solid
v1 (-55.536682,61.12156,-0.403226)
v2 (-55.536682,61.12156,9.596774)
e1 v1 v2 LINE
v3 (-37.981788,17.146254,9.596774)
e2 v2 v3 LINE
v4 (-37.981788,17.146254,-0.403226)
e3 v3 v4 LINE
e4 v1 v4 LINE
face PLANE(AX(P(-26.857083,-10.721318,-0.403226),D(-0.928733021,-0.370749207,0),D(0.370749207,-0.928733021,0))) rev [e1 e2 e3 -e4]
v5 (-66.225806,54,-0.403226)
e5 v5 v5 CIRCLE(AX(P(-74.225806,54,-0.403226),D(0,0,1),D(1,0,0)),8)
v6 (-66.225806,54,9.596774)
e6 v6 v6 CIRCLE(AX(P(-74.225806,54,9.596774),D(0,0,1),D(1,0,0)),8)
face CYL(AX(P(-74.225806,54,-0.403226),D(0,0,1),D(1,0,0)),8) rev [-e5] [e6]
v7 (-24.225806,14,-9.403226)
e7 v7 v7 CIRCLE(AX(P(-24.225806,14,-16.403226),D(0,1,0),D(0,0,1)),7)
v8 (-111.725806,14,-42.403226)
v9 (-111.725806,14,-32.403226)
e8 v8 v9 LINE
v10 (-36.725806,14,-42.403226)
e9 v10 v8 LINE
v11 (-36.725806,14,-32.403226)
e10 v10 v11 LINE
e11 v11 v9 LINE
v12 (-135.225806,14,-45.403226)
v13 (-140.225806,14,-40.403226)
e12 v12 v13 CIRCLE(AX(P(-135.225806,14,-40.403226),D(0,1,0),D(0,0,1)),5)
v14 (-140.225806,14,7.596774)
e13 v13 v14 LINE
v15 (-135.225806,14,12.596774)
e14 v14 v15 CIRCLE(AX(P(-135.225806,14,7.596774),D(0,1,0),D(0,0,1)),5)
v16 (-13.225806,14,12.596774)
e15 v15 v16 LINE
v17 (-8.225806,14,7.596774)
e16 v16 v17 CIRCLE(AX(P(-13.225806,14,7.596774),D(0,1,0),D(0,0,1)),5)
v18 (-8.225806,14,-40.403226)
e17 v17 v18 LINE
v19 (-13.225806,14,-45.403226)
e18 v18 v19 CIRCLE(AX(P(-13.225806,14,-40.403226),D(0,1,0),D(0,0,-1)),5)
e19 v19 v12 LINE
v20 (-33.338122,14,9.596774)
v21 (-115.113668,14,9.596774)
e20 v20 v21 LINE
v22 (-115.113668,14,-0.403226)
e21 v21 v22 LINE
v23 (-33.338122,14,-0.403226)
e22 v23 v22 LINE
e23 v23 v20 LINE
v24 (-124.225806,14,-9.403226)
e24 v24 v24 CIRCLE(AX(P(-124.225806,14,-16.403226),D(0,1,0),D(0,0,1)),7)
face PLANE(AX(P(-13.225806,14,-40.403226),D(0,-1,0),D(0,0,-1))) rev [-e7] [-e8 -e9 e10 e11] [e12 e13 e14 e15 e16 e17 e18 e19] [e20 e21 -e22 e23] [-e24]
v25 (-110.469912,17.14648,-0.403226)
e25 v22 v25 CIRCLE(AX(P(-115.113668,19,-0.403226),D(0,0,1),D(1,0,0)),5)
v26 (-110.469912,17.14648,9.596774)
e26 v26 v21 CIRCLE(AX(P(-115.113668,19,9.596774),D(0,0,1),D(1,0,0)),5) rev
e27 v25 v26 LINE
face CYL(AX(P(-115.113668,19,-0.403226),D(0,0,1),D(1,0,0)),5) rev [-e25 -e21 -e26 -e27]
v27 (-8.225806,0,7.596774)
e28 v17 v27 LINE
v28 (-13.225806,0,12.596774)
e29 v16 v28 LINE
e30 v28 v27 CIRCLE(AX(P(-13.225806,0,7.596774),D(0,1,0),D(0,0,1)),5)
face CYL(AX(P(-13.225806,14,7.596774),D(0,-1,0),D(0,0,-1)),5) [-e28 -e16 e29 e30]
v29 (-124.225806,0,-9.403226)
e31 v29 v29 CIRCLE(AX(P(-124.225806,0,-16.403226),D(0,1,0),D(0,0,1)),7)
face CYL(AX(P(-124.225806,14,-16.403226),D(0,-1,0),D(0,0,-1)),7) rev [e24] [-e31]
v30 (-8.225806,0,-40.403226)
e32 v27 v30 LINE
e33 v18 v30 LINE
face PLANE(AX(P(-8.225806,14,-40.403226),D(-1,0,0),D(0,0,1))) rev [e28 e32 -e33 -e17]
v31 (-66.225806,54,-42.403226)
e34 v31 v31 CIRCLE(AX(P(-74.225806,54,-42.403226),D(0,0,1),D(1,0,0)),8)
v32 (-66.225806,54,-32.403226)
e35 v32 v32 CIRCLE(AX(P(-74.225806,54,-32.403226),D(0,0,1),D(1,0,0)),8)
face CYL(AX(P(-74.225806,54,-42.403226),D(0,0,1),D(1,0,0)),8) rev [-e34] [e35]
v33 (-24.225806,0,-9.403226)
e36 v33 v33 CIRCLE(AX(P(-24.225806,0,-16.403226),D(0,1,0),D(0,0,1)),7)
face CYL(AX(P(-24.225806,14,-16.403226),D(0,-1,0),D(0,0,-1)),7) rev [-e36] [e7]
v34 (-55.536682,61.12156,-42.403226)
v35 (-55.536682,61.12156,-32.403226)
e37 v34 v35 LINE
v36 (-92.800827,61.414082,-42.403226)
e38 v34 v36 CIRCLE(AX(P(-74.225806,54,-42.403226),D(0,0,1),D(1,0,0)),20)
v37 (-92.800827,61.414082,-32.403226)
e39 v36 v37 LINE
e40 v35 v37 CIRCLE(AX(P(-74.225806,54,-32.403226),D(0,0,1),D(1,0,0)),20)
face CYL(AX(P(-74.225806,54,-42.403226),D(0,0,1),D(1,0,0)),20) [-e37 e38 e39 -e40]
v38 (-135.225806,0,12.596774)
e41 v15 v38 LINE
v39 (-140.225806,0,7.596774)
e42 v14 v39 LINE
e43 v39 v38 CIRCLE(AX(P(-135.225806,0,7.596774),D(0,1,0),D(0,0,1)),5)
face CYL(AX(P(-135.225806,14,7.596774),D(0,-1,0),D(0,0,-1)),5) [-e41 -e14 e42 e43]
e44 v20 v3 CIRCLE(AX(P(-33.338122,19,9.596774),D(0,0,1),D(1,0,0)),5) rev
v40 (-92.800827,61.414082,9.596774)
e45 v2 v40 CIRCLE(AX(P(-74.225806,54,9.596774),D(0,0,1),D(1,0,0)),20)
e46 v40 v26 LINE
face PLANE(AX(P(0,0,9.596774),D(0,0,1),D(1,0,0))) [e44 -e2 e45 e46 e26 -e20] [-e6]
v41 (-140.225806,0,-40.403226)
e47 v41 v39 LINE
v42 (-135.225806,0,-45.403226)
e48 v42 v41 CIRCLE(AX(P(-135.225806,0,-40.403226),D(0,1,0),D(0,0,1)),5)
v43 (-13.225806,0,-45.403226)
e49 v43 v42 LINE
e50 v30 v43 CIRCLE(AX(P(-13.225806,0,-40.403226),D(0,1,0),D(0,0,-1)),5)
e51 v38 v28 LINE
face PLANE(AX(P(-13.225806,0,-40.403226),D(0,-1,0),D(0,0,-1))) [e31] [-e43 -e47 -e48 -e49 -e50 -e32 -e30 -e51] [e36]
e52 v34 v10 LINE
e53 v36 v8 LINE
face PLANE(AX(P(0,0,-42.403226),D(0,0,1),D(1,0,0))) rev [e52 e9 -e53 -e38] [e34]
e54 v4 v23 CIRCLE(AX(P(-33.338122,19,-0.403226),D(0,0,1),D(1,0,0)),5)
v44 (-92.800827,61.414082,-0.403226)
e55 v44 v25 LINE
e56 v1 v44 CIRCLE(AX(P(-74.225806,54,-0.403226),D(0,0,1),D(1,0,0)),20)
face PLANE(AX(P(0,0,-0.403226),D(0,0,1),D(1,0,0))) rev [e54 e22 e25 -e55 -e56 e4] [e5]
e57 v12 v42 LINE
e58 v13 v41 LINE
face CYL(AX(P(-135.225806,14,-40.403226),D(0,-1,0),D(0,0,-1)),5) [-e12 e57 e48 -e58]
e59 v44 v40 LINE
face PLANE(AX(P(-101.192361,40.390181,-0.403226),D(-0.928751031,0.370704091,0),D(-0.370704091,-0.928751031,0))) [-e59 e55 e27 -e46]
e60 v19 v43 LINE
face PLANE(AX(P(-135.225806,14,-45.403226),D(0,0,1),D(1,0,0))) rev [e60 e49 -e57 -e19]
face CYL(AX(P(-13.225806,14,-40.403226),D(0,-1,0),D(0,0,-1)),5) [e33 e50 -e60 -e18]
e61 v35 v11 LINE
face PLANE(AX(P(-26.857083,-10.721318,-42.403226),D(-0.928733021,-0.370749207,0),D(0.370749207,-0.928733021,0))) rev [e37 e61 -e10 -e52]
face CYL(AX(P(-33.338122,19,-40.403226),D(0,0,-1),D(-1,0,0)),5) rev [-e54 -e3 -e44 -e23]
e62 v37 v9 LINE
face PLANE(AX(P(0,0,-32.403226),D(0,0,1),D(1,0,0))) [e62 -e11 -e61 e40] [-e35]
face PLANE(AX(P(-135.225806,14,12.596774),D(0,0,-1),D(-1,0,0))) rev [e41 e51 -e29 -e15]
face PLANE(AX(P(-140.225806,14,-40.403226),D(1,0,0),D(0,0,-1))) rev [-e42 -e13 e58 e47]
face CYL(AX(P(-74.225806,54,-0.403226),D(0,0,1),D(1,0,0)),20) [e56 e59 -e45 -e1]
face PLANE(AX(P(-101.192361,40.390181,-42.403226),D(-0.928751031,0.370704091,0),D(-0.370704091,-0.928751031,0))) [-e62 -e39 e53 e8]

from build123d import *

# Parameters (mm, degrees)
IZIM1_R                     = 7
Y_KSEKLIK_EKSTR_ZYON1_DEPTH = 14
Y_KSEKLIK_EKSTR_ZYON3_START = -3
IZIM5_R                     = 8
Y_KSEKLIK_EKSTR_ZYON3_DEPTH = 10
RADYUS1_R                   = 5
L_O_ALTMA1_COUNT            = 2
L_O_ALTMA1_PITCH            = 42


with BuildPart() as part:
    # Çizim1 → Yükseklik-Ekstrüzyon1 (new body)
    with BuildSketch(Plane(origin=(0, 0, 0), x_dir=(1, 0, 0), z_dir=(0, 1, 0))):
        with BuildLine():
            Line((-135.225806452, 45.403225806), (-13.225806452, 45.403225806))
            ThreePointArc((-13.225806452, 45.403225806), (-9.690272546, 43.938759712), (-8.225806452, 40.403225806))
            Line((-8.225806452, 40.403225806), (-8.225806452, -7.596774194))
            ThreePointArc((-8.225806452, -7.596774194), (-9.690272546, -11.132308099), (-13.225806452, -12.596774194))
            Line((-13.225806452, -12.596774194), (-135.225806452, -12.596774194))
            ThreePointArc((-135.225806452, -12.596774194), (-138.761340358, -11.132308099), (-140.225806452, -7.596774194))
            Line((-140.225806452, -7.596774194), (-140.225806452, 40.403225806))
            ThreePointArc((-140.225806452, 40.403225806), (-138.761340358, 43.938759712), (-135.225806452, 45.403225806))
        make_face()
        with Locations(Location((-124.225806452, 16.403225806, 0), (0, 0, 270))):
            Circle(IZIM1_R, mode=Mode.SUBTRACT)
        with Locations(Location((-24.225806452, 16.403225806, 0), (0, 0, 270))):
            Circle(IZIM1_R, mode=Mode.SUBTRACT)
    extrude(amount=Y_KSEKLIK_EKSTR_ZYON1_DEPTH)

    # Çizim5 → Yükseklik-Ekstrüzyon3 (add)
    with BuildSketch(Plane.XY.offset(12.596774194).offset(Y_KSEKLIK_EKSTR_ZYON3_START)):
        with BuildLine():
            ThreePointArc((-55.536681856, 61.121560352), (-74.068812399, 73.999383812), (-92.800827063, 61.414081823))
            Line((-92.800827063, 61.414081823), (-111.725806452, 14))
            Line((-111.725806452, 14), (-36.725806452, 14))
            Line((-36.725806452, 14), (-55.536681856, 61.121560352))
        make_face()
        with Locations((-74.225806452, 54)):
            Circle(IZIM5_R, mode=Mode.SUBTRACT)
    y_kseklik_ekstr_zyon3 = extrude(amount=-Y_KSEKLIK_EKSTR_ZYON3_DEPTH)

    # Radyus1
    radyus1_edges = [part.edges().sort_by_distance(p)[0] for p in [
        (-36.725806452, 14, 4.596774194),
        (-111.725806452, 14, 4.596774194),
    ]]
    fillet(radyus1_edges, radius=RADYUS1_R)

    # LÇoğaltma1: Yükseklik-Ekstrüzyon3 ×2
    with Locations(*[(0, 0, -i * L_O_ALTMA1_PITCH) for i in range(1, L_O_ALTMA1_COUNT)]):
        add(y_kseklik_ekstr_zyon3)


solid = part.part
